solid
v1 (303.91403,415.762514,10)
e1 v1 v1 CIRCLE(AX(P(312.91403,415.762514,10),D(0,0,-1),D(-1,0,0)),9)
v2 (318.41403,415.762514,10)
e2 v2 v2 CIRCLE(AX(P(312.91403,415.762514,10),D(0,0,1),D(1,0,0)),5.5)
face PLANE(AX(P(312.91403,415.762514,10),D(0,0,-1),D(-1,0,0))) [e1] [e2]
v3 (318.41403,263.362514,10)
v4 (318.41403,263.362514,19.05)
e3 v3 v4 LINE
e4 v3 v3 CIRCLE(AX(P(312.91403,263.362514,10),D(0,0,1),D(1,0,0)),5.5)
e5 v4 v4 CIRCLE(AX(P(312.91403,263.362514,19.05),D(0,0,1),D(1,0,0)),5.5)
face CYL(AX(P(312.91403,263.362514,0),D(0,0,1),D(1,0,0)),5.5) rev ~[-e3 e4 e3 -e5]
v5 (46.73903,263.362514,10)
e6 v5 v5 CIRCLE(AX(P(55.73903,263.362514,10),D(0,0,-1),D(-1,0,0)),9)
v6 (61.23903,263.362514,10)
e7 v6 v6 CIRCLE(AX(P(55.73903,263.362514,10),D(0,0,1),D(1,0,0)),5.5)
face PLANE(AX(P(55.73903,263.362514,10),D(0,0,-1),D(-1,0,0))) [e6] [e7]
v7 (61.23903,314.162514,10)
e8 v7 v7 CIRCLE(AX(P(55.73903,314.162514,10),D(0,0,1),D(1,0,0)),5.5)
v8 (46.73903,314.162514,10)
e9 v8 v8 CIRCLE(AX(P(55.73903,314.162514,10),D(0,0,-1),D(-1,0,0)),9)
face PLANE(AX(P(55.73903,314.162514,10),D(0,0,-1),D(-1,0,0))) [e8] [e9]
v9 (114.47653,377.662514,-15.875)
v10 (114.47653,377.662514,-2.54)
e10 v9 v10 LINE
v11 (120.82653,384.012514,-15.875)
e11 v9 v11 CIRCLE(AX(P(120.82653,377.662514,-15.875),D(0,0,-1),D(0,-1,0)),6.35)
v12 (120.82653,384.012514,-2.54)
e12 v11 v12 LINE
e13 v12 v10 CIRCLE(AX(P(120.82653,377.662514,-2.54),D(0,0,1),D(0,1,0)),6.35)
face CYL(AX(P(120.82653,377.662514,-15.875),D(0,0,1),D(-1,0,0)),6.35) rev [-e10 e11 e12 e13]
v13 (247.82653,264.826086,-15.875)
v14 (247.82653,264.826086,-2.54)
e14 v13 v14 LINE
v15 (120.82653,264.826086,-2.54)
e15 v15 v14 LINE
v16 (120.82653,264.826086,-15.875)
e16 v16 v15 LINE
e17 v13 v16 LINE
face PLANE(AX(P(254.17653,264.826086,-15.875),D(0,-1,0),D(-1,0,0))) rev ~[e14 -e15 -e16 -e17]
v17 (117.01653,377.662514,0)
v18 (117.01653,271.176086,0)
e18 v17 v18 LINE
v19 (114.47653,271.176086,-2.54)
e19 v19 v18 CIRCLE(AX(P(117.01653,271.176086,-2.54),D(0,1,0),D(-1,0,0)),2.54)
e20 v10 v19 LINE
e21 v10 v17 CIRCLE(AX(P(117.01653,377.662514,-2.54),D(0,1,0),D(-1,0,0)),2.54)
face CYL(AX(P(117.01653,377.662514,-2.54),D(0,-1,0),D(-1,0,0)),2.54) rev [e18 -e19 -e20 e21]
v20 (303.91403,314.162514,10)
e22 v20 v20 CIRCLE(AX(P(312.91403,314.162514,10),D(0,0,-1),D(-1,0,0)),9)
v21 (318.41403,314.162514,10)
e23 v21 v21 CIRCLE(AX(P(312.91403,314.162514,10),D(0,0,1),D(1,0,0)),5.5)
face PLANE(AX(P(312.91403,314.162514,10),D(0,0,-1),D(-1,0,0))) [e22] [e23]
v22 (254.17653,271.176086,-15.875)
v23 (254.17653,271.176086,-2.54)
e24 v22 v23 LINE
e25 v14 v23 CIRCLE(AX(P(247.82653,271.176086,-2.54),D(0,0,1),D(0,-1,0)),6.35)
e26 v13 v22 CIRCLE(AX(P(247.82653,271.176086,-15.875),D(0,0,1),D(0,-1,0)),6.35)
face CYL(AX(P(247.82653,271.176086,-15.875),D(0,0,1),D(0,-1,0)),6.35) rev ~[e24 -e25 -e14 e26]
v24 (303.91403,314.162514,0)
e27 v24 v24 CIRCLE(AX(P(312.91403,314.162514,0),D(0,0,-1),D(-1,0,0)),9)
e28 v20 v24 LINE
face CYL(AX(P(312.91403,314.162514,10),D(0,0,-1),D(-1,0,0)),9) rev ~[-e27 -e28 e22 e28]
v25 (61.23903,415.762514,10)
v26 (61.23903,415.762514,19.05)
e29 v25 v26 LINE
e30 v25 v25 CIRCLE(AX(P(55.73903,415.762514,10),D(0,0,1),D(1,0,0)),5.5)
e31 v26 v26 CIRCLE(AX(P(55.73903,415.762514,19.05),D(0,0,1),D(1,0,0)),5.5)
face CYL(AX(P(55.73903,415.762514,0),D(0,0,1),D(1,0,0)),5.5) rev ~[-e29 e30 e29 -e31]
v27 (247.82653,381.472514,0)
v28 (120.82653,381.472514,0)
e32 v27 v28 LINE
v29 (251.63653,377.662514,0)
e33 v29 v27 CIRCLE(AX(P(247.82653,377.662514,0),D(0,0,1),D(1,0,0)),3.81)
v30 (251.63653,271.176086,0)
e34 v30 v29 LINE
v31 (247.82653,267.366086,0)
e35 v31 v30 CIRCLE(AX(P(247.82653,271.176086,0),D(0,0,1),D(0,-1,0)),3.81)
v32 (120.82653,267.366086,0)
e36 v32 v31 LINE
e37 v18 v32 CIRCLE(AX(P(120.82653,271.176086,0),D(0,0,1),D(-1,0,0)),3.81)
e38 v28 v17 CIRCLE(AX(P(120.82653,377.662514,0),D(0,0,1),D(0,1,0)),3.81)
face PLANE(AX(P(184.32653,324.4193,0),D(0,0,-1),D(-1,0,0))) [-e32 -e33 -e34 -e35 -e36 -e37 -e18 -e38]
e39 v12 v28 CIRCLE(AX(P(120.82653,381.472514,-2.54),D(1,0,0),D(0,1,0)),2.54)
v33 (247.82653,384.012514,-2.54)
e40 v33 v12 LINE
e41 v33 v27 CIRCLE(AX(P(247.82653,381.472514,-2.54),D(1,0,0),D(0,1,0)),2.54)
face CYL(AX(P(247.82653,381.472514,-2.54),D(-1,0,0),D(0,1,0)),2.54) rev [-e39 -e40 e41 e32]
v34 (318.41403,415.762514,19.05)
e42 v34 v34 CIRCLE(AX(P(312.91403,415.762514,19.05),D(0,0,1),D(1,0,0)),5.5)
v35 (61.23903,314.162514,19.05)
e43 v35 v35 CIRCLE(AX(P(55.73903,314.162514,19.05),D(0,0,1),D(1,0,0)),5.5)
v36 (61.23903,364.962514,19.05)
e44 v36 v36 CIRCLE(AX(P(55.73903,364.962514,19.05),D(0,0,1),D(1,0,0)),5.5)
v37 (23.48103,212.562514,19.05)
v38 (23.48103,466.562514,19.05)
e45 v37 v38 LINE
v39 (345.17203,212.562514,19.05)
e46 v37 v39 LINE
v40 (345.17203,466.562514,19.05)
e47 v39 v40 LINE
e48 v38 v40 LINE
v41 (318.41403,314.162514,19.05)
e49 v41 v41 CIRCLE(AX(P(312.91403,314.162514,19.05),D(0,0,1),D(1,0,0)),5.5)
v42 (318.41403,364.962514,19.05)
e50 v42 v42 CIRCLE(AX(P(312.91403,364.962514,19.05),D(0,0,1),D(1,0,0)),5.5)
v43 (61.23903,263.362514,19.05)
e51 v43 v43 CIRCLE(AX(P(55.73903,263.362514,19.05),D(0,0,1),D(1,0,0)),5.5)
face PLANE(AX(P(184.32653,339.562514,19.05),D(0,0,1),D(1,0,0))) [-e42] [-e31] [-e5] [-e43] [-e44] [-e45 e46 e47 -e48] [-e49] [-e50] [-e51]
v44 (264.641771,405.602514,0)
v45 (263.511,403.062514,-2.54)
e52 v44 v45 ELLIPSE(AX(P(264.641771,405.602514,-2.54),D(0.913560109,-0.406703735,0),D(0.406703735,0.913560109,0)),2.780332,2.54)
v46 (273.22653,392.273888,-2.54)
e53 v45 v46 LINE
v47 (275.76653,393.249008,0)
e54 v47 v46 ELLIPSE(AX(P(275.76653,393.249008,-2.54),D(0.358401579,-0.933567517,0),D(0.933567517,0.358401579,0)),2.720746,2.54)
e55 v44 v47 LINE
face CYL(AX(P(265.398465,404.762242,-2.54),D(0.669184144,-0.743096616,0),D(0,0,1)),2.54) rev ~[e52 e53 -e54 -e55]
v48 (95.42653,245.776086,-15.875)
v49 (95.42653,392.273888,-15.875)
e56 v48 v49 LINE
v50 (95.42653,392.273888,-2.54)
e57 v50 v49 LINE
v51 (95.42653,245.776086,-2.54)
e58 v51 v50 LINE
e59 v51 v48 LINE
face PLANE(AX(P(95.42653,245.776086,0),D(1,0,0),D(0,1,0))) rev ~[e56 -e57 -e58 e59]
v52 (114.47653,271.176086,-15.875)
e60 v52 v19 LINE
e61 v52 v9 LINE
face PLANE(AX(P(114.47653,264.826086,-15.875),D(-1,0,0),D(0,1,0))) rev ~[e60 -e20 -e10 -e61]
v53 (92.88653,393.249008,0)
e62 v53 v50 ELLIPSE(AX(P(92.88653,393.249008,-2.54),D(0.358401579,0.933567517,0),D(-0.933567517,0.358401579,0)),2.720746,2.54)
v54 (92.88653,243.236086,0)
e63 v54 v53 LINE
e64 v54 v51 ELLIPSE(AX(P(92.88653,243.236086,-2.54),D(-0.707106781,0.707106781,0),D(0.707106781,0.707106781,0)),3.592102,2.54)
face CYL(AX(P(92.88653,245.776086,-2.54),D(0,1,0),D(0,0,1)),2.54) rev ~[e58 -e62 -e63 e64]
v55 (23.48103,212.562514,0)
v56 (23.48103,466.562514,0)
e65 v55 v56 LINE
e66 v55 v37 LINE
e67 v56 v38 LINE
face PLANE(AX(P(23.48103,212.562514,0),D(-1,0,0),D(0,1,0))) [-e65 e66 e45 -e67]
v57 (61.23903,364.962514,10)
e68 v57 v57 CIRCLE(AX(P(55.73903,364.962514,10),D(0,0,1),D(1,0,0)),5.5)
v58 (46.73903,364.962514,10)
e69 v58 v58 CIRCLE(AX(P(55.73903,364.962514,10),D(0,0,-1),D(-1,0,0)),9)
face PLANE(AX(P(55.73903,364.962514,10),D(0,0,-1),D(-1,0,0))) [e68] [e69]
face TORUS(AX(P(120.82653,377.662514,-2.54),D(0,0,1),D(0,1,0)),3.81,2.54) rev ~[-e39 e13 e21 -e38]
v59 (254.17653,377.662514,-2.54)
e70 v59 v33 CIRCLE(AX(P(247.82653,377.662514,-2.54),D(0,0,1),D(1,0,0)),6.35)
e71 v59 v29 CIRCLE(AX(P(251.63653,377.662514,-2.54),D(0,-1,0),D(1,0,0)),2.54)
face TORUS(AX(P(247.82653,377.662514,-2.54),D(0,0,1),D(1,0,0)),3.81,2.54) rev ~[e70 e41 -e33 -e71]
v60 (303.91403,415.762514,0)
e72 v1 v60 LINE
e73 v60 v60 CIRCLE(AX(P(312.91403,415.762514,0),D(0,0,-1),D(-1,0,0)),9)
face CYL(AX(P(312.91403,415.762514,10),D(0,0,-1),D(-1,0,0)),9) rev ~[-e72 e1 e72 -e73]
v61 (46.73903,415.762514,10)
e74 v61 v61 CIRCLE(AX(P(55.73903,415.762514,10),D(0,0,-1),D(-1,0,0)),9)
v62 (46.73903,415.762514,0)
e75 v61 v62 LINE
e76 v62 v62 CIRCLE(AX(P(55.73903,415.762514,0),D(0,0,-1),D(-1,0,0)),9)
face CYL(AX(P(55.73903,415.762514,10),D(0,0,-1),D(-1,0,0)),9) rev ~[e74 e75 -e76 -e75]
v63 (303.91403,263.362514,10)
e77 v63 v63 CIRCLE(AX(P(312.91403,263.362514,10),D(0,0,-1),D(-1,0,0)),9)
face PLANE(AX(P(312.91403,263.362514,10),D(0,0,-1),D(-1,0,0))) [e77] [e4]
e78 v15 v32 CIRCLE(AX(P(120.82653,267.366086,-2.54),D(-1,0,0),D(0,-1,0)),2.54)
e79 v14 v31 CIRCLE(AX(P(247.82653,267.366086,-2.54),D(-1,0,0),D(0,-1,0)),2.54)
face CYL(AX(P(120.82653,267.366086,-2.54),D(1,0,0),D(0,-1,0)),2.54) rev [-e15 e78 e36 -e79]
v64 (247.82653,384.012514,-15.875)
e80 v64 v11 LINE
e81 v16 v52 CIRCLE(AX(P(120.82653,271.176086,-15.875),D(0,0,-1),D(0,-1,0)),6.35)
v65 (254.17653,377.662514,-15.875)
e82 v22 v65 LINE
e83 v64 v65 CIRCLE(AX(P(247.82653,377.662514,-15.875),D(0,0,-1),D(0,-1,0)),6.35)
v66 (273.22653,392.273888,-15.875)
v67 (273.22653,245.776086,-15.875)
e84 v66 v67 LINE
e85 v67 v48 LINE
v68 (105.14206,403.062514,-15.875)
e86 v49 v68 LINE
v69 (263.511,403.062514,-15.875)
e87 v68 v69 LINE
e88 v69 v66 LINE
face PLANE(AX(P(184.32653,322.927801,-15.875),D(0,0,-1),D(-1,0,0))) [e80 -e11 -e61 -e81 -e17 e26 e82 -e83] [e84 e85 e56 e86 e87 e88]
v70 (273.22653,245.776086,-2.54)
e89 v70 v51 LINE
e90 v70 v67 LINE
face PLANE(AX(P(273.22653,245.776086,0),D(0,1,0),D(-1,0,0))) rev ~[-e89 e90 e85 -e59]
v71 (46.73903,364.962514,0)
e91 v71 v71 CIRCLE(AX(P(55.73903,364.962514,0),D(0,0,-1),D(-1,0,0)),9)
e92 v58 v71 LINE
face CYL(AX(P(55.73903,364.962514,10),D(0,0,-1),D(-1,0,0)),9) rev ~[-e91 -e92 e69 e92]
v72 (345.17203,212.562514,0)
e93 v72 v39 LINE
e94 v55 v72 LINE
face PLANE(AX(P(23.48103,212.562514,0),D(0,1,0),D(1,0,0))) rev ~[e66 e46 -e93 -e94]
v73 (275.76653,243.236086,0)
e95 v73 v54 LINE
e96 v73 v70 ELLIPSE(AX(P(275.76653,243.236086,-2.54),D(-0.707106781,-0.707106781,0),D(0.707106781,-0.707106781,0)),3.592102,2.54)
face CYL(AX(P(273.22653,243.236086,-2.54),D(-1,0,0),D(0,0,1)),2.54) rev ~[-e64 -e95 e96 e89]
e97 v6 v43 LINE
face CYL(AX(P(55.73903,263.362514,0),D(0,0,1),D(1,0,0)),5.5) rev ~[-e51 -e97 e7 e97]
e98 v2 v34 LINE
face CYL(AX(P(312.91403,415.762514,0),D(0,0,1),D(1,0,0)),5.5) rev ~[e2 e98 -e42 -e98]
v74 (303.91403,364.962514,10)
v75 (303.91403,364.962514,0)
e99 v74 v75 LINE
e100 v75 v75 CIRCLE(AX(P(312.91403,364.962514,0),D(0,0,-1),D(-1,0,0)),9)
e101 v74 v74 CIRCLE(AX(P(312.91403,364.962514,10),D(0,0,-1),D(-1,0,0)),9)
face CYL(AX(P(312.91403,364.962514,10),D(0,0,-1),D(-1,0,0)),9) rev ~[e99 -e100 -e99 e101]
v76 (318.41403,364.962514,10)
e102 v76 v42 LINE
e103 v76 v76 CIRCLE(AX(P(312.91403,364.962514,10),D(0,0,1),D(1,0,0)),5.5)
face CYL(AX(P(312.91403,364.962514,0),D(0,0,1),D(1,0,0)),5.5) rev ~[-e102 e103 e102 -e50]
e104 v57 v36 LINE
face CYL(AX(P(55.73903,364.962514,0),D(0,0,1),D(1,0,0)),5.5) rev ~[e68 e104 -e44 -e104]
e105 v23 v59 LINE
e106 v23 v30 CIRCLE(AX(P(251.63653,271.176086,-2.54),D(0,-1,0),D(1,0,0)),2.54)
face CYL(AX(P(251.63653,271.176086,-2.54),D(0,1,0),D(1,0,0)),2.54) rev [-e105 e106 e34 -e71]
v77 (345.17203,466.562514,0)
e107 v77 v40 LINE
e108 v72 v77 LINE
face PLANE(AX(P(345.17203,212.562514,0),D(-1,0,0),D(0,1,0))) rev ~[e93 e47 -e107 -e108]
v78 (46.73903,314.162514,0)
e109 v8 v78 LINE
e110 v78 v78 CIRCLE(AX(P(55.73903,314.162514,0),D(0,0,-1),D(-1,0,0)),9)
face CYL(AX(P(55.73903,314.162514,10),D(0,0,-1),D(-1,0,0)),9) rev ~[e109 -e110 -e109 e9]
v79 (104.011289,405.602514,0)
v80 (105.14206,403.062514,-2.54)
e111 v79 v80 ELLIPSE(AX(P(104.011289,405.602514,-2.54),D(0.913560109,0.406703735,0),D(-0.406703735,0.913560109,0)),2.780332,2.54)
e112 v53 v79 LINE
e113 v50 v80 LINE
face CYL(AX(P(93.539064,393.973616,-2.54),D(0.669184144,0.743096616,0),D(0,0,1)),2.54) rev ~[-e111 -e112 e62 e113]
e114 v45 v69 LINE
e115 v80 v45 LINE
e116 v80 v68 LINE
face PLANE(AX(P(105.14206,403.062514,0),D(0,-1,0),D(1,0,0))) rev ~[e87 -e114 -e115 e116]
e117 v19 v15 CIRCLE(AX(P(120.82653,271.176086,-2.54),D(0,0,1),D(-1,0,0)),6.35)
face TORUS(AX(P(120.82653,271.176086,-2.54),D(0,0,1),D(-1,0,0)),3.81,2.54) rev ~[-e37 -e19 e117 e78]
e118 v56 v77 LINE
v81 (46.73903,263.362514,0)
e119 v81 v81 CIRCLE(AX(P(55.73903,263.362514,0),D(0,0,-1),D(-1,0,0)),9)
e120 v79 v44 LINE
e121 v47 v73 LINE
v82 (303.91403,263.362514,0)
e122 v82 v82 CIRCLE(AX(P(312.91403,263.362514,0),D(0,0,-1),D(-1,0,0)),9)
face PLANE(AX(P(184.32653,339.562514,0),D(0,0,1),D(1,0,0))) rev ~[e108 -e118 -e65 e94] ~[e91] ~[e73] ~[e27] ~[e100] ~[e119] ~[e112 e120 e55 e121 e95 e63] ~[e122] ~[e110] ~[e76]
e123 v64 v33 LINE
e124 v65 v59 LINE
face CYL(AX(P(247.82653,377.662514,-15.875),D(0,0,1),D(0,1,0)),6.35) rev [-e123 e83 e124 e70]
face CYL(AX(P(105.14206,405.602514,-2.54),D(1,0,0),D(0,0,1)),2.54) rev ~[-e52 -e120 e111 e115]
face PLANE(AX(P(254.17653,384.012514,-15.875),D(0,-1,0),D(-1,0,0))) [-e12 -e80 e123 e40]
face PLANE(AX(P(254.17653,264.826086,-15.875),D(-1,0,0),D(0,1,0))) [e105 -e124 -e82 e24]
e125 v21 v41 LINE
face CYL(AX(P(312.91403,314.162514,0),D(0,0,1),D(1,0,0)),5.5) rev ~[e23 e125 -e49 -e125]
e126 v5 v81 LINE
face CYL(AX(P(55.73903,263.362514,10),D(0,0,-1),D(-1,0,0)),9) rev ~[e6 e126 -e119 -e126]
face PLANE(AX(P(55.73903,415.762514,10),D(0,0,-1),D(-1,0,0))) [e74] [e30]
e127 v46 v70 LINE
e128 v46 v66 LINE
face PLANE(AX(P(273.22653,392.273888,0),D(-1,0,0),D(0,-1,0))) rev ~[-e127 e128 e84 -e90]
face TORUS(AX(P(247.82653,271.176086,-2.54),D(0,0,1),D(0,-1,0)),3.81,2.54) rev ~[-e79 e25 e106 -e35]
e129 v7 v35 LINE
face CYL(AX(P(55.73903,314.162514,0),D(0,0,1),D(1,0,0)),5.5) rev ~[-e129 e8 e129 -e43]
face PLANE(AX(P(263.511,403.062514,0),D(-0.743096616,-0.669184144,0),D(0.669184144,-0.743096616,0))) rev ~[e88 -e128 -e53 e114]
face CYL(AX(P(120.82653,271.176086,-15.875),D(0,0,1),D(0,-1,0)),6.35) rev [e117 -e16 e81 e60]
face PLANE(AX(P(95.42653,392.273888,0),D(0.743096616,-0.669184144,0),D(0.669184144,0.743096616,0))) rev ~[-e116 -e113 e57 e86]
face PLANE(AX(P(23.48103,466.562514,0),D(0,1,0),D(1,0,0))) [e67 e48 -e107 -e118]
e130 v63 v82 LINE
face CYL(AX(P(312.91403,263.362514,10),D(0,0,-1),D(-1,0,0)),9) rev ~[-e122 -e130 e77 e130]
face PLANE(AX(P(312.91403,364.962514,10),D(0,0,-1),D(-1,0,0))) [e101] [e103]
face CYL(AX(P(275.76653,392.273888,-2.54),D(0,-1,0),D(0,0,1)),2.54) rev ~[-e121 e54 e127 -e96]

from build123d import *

# Parameters (mm, degrees)
SKETCH1_W                       = 321.691
SKETCH1_H                       = 254
BASE_EXTRUDE_DEPTH              = 19.05
BOSS_EXTRUDE1_DEPTH             = 15.875
SKETCH3_W                       = 139.7
SKETCH3_H                       = 119.186428927
CUT_EXTRUDE1_DEPTH              = 15.875
FILLET3_R                       = 2.54
FILLET5_R                       = 6.35
FILLET6_R                       = 2.54
CBORE_FOR_M10_SHCS1_D           = 11
CBORE_FOR_M10_SHCS1_CBORE_D     = 18
CBORE_FOR_M10_SHCS1_CBORE_DEPTH = 10
LPATTERN1_COUNT                 = 4
LPATTERN1_PITCH                 = 50.8
CBORE_FOR_M10_SHCS2_D           = 11
CBORE_FOR_M10_SHCS2_CBORE_D     = 18
CBORE_FOR_M10_SHCS2_CBORE_DEPTH = 10
LPATTERN2_COUNT                 = 4
LPATTERN2_PITCH                 = 50.8


with BuildPart() as part:
    # Sketch1 → Base-Extrude (new body)
    with BuildSketch(Plane.XY):
        with Locations((184.326529799, 339.562514452)):
            Rectangle(SKETCH1_W, SKETCH1_H)
    extrude(amount=BASE_EXTRUDE_DEPTH)

    # Sketch2 → Boss-Extrude1 (add)
    with BuildSketch(Plane(origin=(0, 0, 0), x_dir=(-1, 0, 0), z_dir=(0, 0, -1))):
        Polygon((-273.226529799, 392.273888287), (-273.226529799, 245.776085525), (-95.426529799, 245.776085525), (-95.426529799, 392.273888287), (-105.142059927, 403.062514452), (-263.51099967, 403.062514452), align=None)
    extrude(amount=BOSS_EXTRUDE1_DEPTH)

    # Sketch3 → Cut-Extrude1 (cut)
    with BuildSketch(Plane(origin=(0, 0, -15.875), x_dir=(-1, 0, 0), z_dir=(0, 0, -1))):
        with Locations((-184.326529799, 324.419299989)):
            Rectangle(SKETCH3_W, SKETCH3_H)
    extrude(amount=-CUT_EXTRUDE1_DEPTH, mode=Mode.SUBTRACT)

    # Fillet3
    fillet3_edges = [part.edges().sort_by_distance(p)[0] for p in [
        (95.426529799, 319.024986906, 0),
        (100.284294863, 397.668201369, 0),
        (184.326529799, 403.062514452, 0),
        (268.368764734, 397.668201369, 0),
        (273.226529799, 319.024986906, 0),
        (184.326529799, 245.776085525, 0),
    ]]
    fillet(fillet3_edges, radius=FILLET3_R)

    # Fillet5
    fillet5_edges = [part.edges().sort_by_distance(p)[0] for p in [
        (254.176529799, 264.826085525, -7.9375),
        (114.476529799, 264.826085525, -7.9375),
        (114.476529799, 384.012514452, -7.9375),
        (254.176529799, 384.012514452, -7.9375),
    ]]
    fillet(fillet5_edges, radius=FILLET5_R)

    # Fillet6
    fillet6_edges = [part.edges().sort_by_distance(p)[0] for p in [
        (254.176529799, 324.419299989, 0),
        (184.326529799, 384.012514452, 0),
        (184.326529799, 264.826085525, 0),
        (114.476529799, 324.419299989, 0),
        (116.336401738, 266.685957465, 0),
        (116.336401738, 382.152642512, 0),
        (252.316657859, 266.685957465, 0),
        (252.316657859, 382.152642512, 0),
    ]]
    fillet(fillet6_edges, radius=FILLET6_R)

    # CBORE for M10 SHCS1 (through all)
    with Locations(Plane(origin=(0, 0, 0), x_dir=(-1, 0, 0), z_dir=(0, 0, -1))):
        with Locations((-312.914029799, 415.762514452)):
            cbore_for_m10_shcs1 = CounterBoreHole(CBORE_FOR_M10_SHCS1_D / 2, CBORE_FOR_M10_SHCS1_CBORE_D / 2, CBORE_FOR_M10_SHCS1_CBORE_DEPTH)

    # LPattern1: CBORE for M10 SHCS1 ×4
    with Locations(*[(0, -i * LPATTERN1_PITCH, 0) for i in range(1, LPATTERN1_COUNT)]):
        add(cbore_for_m10_shcs1, mode=Mode.SUBTRACT)

    # CBORE for M10 SHCS2 (through all)
    with Locations(Plane(origin=(0, 0, 0), x_dir=(-1, 0, 0), z_dir=(0, 0, -1))):
        with Locations((-55.739029799, 415.762514452)):
            cbore_for_m10_shcs2 = CounterBoreHole(CBORE_FOR_M10_SHCS2_D / 2, CBORE_FOR_M10_SHCS2_CBORE_D / 2, CBORE_FOR_M10_SHCS2_CBORE_DEPTH)

    # LPattern2: CBORE for M10 SHCS2 ×4
    with Locations(*[(0, -i * LPATTERN2_PITCH, 0) for i in range(1, LPATTERN2_COUNT)]):
        add(cbore_for_m10_shcs2, mode=Mode.SUBTRACT)


solid = part.part
